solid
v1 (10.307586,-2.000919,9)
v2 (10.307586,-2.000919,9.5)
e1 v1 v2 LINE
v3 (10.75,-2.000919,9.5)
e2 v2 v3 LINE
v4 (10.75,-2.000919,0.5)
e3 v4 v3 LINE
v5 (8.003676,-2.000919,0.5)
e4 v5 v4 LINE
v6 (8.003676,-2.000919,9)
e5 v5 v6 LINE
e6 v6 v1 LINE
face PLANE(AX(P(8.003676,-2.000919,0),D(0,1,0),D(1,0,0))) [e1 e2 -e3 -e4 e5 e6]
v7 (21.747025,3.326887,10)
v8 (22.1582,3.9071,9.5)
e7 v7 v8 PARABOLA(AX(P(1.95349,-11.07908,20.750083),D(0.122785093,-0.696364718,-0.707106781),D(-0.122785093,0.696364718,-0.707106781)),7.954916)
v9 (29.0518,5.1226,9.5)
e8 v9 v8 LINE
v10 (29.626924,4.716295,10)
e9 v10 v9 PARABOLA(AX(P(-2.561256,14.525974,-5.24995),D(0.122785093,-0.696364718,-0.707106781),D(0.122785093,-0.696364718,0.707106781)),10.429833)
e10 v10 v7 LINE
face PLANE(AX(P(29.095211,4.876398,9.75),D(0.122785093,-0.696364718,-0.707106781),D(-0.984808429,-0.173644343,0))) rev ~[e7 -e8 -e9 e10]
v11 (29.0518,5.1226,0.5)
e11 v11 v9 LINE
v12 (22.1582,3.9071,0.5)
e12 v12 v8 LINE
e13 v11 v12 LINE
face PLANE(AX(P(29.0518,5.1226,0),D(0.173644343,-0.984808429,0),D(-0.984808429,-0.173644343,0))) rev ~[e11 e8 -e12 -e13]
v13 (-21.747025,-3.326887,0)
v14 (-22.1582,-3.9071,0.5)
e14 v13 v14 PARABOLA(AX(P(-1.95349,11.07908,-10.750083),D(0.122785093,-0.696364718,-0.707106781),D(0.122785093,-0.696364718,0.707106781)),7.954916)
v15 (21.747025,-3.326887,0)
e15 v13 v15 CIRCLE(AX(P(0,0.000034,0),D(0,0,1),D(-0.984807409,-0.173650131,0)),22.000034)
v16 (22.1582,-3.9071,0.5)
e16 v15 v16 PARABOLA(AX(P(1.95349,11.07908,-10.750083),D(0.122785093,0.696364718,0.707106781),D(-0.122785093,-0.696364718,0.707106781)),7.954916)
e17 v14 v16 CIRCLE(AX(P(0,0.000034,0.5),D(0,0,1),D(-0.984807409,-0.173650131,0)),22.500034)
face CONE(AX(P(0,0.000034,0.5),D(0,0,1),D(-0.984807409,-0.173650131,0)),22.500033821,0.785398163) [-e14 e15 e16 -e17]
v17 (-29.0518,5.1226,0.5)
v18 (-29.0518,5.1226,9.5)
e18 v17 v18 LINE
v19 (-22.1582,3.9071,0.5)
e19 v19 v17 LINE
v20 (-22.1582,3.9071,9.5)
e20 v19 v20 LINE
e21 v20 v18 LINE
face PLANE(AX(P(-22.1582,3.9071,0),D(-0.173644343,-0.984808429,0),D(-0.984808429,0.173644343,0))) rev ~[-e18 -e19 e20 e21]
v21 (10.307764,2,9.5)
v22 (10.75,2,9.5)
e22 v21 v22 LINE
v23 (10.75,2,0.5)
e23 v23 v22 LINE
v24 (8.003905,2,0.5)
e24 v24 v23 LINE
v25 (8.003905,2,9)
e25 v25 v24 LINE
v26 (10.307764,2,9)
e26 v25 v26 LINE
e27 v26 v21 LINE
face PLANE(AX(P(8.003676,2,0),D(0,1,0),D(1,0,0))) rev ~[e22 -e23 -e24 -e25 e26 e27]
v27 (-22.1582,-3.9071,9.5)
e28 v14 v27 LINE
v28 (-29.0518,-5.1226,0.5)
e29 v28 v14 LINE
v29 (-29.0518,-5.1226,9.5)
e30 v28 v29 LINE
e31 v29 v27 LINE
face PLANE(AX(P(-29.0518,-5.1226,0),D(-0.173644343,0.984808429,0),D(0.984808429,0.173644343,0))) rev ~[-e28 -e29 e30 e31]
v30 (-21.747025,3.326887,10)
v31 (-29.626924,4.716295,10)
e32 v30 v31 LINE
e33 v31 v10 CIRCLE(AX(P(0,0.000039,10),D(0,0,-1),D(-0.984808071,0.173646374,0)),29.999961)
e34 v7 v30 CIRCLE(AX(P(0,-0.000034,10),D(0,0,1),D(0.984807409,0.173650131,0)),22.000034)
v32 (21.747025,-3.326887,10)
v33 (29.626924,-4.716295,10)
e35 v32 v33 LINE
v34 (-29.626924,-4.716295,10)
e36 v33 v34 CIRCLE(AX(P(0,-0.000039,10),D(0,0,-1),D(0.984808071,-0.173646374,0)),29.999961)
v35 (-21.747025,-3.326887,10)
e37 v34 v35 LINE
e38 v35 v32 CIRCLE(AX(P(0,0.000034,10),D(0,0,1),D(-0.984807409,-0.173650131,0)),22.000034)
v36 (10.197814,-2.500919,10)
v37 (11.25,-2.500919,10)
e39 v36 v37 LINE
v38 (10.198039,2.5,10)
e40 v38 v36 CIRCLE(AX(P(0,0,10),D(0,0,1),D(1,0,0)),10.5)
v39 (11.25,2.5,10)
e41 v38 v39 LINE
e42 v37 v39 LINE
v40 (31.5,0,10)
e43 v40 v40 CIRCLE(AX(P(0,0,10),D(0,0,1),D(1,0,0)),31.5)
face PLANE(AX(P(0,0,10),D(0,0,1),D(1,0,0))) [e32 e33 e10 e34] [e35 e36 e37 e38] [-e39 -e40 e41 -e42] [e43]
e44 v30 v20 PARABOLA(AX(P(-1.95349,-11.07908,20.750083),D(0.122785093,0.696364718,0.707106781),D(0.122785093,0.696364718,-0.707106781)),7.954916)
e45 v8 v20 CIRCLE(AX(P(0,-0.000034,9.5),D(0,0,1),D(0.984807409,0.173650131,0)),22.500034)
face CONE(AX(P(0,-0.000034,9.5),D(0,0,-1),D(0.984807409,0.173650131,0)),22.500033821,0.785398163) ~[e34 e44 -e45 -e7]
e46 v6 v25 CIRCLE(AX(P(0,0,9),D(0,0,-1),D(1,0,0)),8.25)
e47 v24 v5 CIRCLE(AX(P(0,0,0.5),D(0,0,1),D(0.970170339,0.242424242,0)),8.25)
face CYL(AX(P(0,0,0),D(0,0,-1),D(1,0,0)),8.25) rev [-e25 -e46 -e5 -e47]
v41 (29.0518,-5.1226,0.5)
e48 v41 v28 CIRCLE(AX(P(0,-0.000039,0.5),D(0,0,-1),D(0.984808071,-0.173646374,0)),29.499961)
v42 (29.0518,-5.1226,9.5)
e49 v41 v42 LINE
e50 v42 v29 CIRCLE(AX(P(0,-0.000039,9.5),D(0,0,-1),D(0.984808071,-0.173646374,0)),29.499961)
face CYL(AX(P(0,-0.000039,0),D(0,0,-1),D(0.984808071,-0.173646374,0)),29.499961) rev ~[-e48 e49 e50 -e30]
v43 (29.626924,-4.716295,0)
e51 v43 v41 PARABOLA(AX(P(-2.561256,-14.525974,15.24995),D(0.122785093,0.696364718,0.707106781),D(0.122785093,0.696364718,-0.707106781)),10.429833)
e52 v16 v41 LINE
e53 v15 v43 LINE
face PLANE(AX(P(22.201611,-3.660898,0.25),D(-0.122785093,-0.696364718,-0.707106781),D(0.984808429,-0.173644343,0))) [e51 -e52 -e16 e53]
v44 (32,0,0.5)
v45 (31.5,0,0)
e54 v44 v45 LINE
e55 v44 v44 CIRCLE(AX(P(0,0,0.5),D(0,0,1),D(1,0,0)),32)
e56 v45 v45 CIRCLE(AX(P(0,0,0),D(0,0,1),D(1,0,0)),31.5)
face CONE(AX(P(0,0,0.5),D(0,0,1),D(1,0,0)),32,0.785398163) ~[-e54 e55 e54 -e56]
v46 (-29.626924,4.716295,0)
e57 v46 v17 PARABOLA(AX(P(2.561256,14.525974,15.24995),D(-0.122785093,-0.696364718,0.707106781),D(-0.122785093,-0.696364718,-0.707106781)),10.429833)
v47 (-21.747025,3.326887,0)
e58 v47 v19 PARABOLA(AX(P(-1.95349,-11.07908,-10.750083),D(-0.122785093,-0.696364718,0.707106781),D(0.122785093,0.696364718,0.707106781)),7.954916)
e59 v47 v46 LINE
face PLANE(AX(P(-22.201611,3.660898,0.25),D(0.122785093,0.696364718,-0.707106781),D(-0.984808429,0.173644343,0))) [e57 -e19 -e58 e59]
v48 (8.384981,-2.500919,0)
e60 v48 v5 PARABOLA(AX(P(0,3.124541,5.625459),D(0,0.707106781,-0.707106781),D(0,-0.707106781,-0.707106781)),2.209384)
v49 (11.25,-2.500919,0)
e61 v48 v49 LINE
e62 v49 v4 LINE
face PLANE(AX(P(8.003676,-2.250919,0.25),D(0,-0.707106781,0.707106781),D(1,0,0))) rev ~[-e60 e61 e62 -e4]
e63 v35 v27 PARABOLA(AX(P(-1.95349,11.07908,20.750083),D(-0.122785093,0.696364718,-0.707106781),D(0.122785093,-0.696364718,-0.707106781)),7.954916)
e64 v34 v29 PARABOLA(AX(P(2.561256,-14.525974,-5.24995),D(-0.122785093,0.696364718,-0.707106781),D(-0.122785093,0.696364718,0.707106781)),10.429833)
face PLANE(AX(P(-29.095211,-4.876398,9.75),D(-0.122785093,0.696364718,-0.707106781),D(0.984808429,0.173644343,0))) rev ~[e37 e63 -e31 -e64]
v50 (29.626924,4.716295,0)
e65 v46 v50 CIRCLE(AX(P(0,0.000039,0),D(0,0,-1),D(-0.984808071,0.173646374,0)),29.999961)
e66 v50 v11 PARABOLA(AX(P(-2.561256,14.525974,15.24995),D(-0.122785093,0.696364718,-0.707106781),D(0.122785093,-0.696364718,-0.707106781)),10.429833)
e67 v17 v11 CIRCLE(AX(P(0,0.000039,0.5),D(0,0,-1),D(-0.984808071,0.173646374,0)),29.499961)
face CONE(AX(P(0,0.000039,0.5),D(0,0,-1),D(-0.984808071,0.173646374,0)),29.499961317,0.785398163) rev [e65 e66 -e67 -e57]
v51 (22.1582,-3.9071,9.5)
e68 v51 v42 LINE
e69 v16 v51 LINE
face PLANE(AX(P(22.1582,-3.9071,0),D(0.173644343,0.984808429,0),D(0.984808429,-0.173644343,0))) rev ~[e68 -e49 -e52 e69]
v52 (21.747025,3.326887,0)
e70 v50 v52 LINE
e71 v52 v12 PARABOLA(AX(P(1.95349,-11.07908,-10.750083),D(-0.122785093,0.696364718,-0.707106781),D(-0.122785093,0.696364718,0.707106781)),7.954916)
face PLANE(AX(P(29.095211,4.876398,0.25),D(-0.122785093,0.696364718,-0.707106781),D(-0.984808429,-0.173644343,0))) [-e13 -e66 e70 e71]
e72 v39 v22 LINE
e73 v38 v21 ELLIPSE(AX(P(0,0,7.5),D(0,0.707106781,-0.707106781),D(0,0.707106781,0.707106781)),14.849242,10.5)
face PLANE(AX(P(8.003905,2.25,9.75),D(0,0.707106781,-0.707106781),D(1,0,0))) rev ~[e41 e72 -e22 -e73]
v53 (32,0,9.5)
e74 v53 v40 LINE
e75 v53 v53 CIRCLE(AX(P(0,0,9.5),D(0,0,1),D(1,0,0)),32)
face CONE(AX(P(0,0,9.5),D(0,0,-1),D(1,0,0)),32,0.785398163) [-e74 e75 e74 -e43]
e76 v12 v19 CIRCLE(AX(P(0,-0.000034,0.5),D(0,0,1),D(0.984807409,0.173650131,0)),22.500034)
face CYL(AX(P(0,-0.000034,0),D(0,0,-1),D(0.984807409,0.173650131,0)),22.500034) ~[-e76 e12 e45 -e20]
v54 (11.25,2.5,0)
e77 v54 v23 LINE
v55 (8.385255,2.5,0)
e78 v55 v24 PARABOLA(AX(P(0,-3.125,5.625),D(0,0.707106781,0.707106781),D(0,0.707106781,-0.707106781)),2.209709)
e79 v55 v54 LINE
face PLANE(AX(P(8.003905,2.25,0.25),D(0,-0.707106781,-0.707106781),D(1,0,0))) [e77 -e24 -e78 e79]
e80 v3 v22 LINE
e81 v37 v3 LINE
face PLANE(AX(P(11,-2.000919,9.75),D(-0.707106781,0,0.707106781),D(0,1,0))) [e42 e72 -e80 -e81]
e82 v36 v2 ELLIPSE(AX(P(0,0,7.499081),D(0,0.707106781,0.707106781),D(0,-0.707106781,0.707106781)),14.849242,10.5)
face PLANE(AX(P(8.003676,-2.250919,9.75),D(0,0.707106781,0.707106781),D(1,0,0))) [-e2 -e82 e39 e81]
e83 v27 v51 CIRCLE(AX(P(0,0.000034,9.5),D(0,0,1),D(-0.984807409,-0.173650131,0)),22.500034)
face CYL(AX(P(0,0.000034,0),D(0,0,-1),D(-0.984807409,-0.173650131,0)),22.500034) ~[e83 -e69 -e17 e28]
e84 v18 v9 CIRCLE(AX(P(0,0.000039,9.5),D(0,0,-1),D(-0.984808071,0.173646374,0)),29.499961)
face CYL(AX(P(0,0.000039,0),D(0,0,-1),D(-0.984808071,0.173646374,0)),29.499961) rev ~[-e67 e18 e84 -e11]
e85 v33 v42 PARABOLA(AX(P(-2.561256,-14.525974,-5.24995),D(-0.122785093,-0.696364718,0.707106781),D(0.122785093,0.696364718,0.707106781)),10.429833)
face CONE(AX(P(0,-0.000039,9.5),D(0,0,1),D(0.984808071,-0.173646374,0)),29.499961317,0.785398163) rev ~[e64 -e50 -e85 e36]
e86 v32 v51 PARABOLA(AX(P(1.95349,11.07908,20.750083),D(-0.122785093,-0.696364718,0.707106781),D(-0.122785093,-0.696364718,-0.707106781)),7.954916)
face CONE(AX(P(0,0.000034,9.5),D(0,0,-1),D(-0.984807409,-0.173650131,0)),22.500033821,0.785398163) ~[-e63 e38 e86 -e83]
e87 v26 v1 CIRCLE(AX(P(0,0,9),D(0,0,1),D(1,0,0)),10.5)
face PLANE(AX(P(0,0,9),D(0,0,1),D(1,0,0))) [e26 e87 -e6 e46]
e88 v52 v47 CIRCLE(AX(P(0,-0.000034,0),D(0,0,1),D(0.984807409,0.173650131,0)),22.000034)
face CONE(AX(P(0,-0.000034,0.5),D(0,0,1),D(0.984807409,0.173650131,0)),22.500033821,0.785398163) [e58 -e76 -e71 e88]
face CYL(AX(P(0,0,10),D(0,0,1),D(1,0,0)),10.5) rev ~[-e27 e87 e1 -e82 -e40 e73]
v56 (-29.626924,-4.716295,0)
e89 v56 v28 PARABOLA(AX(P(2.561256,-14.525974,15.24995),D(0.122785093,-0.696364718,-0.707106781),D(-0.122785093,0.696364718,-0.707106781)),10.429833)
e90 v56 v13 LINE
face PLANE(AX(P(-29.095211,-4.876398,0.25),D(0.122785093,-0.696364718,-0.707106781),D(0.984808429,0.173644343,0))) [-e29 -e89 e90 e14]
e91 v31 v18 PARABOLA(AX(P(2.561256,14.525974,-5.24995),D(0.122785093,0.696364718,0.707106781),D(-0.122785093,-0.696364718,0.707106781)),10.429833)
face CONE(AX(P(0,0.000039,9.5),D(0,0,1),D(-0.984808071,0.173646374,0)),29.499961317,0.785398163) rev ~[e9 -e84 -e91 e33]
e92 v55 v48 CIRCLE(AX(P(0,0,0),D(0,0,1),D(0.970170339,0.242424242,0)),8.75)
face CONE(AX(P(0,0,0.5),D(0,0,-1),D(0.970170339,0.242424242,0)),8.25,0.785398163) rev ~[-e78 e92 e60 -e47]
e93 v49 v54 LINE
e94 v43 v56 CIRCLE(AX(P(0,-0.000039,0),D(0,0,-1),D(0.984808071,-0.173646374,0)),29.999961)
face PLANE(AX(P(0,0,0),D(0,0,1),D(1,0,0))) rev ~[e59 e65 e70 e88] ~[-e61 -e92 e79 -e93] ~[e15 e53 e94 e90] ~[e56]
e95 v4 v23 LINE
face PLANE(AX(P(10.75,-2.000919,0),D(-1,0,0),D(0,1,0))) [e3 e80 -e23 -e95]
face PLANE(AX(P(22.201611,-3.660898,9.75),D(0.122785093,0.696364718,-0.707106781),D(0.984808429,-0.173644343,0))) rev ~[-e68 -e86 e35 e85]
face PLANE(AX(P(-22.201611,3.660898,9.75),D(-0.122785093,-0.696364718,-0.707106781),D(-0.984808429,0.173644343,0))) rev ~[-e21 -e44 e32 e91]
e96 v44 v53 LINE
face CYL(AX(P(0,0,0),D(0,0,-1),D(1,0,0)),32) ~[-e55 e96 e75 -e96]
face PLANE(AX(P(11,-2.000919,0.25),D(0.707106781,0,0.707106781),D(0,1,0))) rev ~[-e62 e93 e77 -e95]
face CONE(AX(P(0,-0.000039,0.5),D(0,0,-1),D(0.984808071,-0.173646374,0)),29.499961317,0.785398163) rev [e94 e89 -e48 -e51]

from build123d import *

# Parameters (mm, degrees)
SKETCH_1_R          = 32
EXTRUDE_1_DEPTH     = 10
SKETCH_2_R          = 8.25
CUT_EXTRUDE_1_DEPTH = 10
SKETCH_4_W          = 2.746324374
SKETCH_4_H          = 4.000918907
CUT_EXTRUDE_3_DEPTH = 10
CUT_EXTRUDE_4_DEPTH = 10
CUT_EXTRUDE_5_DEPTH = 10
CHAMFER_1_SIZE      = 0.5
CHAMFER_2_SIZE      = 0.5
SKETCH_7_R          = 10.5
CUT_EXTRUDE_6_DEPTH = 1


with BuildPart() as part:
    # 草图1 → 凸台-拉伸1 (new body)
    with BuildSketch(Plane.XY):
        Circle(SKETCH_1_R)
    extrude(amount=EXTRUDE_1_DEPTH)

    # 草图2 → 切除-拉伸1 (cut)
    with BuildSketch(Plane.XY):
        Circle(SKETCH_2_R)
    extrude(amount=CUT_EXTRUDE_1_DEPTH, mode=Mode.SUBTRACT)

    # 草图4 → 切除-拉伸3 (cut)
    with BuildSketch(Plane.XY):
        with Locations((9.376837813, -0.000459453)):
            Rectangle(SKETCH_4_W, SKETCH_4_H)
    extrude(amount=CUT_EXTRUDE_3_DEPTH, mode=Mode.SUBTRACT)

    # 草图5 → 切除-拉伸4 (cut)
    with BuildSketch(Plane.XY):
        with BuildLine():
            Line((-22.1582, 3.9071), (-29.0518, 5.1226))
            ThreePointArc((-29.0518, 5.1226), (0, 29.5), (29.0518, 5.1226))
            Line((29.0518, 5.1226), (22.1582, 3.9071))
            ThreePointArc((22.1582, 3.9071), (0, 22.5), (-22.1582, 3.9071))
        make_face()
    extrude(amount=CUT_EXTRUDE_4_DEPTH, mode=Mode.SUBTRACT)

    # 草图6 → 切除-拉伸5 (cut)
    with BuildSketch(Plane.XY):
        with BuildLine():
            Line((22.1582, -3.9071), (29.0518, -5.1226))
            ThreePointArc((29.0518, -5.1226), (0, -29.5), (-29.0518, -5.1226))
            Line((-29.0518, -5.1226), (-22.1582, -3.9071))
            ThreePointArc((-22.1582, -3.9071), (0, -22.5), (22.1582, -3.9071))
        make_face()
    extrude(amount=CUT_EXTRUDE_5_DEPTH, mode=Mode.SUBTRACT)

    # 倒角1
    chamfer_1_edges = [part.edges().sort_by_distance(p)[0] for p in [
        (9.376952648, 2, 10),
        (9.376837813, -2.000918907, 10),
        (10.75, -0.000459453, 10),
        (0, 22.5, 10),
        (25.605, 4.51485, 10),
        (0, 29.5, 10),
        (-25.605, 4.51485, 10),
        (0, -22.5, 10),
        (-32, 0, 10),
        (-25.605, -4.51485, 10),
        (0, -29.5, 10),
        (25.605, -4.51485, 10),
        (-8.249999986, 0.000473587, 10),
    ]]
    chamfer(chamfer_1_edges, length=CHAMFER_1_SIZE)

    # 倒角2
    chamfer_2_edges = [part.edges().sort_by_distance(p)[0] for p in [
        (9.376837813, -2.000918907, 0),
        (10.75, -0.000459453, 0),
        (9.376952648, 2, 0),
        (-32, 0, 0),
        (0, 22.5, 0),
        (25.605, 4.51485, 0),
        (0, 29.5, 0),
        (-25.605, 4.51485, 0),
        (0, -22.5, 0),
        (-25.605, -4.51485, 0),
        (0, -29.5, 0),
        (25.605, -4.51485, 0),
        (-8.249999986, 0.000473587, 0),
    ]]
    chamfer(chamfer_2_edges, length=CHAMFER_2_SIZE)

    # 草图7 → 切除-拉伸6 (cut)
    with BuildSketch(Plane.XY.offset(10)):
        Circle(SKETCH_7_R)
    extrude(amount=-CUT_EXTRUDE_6_DEPTH, mode=Mode.SUBTRACT)


solid = part.part
